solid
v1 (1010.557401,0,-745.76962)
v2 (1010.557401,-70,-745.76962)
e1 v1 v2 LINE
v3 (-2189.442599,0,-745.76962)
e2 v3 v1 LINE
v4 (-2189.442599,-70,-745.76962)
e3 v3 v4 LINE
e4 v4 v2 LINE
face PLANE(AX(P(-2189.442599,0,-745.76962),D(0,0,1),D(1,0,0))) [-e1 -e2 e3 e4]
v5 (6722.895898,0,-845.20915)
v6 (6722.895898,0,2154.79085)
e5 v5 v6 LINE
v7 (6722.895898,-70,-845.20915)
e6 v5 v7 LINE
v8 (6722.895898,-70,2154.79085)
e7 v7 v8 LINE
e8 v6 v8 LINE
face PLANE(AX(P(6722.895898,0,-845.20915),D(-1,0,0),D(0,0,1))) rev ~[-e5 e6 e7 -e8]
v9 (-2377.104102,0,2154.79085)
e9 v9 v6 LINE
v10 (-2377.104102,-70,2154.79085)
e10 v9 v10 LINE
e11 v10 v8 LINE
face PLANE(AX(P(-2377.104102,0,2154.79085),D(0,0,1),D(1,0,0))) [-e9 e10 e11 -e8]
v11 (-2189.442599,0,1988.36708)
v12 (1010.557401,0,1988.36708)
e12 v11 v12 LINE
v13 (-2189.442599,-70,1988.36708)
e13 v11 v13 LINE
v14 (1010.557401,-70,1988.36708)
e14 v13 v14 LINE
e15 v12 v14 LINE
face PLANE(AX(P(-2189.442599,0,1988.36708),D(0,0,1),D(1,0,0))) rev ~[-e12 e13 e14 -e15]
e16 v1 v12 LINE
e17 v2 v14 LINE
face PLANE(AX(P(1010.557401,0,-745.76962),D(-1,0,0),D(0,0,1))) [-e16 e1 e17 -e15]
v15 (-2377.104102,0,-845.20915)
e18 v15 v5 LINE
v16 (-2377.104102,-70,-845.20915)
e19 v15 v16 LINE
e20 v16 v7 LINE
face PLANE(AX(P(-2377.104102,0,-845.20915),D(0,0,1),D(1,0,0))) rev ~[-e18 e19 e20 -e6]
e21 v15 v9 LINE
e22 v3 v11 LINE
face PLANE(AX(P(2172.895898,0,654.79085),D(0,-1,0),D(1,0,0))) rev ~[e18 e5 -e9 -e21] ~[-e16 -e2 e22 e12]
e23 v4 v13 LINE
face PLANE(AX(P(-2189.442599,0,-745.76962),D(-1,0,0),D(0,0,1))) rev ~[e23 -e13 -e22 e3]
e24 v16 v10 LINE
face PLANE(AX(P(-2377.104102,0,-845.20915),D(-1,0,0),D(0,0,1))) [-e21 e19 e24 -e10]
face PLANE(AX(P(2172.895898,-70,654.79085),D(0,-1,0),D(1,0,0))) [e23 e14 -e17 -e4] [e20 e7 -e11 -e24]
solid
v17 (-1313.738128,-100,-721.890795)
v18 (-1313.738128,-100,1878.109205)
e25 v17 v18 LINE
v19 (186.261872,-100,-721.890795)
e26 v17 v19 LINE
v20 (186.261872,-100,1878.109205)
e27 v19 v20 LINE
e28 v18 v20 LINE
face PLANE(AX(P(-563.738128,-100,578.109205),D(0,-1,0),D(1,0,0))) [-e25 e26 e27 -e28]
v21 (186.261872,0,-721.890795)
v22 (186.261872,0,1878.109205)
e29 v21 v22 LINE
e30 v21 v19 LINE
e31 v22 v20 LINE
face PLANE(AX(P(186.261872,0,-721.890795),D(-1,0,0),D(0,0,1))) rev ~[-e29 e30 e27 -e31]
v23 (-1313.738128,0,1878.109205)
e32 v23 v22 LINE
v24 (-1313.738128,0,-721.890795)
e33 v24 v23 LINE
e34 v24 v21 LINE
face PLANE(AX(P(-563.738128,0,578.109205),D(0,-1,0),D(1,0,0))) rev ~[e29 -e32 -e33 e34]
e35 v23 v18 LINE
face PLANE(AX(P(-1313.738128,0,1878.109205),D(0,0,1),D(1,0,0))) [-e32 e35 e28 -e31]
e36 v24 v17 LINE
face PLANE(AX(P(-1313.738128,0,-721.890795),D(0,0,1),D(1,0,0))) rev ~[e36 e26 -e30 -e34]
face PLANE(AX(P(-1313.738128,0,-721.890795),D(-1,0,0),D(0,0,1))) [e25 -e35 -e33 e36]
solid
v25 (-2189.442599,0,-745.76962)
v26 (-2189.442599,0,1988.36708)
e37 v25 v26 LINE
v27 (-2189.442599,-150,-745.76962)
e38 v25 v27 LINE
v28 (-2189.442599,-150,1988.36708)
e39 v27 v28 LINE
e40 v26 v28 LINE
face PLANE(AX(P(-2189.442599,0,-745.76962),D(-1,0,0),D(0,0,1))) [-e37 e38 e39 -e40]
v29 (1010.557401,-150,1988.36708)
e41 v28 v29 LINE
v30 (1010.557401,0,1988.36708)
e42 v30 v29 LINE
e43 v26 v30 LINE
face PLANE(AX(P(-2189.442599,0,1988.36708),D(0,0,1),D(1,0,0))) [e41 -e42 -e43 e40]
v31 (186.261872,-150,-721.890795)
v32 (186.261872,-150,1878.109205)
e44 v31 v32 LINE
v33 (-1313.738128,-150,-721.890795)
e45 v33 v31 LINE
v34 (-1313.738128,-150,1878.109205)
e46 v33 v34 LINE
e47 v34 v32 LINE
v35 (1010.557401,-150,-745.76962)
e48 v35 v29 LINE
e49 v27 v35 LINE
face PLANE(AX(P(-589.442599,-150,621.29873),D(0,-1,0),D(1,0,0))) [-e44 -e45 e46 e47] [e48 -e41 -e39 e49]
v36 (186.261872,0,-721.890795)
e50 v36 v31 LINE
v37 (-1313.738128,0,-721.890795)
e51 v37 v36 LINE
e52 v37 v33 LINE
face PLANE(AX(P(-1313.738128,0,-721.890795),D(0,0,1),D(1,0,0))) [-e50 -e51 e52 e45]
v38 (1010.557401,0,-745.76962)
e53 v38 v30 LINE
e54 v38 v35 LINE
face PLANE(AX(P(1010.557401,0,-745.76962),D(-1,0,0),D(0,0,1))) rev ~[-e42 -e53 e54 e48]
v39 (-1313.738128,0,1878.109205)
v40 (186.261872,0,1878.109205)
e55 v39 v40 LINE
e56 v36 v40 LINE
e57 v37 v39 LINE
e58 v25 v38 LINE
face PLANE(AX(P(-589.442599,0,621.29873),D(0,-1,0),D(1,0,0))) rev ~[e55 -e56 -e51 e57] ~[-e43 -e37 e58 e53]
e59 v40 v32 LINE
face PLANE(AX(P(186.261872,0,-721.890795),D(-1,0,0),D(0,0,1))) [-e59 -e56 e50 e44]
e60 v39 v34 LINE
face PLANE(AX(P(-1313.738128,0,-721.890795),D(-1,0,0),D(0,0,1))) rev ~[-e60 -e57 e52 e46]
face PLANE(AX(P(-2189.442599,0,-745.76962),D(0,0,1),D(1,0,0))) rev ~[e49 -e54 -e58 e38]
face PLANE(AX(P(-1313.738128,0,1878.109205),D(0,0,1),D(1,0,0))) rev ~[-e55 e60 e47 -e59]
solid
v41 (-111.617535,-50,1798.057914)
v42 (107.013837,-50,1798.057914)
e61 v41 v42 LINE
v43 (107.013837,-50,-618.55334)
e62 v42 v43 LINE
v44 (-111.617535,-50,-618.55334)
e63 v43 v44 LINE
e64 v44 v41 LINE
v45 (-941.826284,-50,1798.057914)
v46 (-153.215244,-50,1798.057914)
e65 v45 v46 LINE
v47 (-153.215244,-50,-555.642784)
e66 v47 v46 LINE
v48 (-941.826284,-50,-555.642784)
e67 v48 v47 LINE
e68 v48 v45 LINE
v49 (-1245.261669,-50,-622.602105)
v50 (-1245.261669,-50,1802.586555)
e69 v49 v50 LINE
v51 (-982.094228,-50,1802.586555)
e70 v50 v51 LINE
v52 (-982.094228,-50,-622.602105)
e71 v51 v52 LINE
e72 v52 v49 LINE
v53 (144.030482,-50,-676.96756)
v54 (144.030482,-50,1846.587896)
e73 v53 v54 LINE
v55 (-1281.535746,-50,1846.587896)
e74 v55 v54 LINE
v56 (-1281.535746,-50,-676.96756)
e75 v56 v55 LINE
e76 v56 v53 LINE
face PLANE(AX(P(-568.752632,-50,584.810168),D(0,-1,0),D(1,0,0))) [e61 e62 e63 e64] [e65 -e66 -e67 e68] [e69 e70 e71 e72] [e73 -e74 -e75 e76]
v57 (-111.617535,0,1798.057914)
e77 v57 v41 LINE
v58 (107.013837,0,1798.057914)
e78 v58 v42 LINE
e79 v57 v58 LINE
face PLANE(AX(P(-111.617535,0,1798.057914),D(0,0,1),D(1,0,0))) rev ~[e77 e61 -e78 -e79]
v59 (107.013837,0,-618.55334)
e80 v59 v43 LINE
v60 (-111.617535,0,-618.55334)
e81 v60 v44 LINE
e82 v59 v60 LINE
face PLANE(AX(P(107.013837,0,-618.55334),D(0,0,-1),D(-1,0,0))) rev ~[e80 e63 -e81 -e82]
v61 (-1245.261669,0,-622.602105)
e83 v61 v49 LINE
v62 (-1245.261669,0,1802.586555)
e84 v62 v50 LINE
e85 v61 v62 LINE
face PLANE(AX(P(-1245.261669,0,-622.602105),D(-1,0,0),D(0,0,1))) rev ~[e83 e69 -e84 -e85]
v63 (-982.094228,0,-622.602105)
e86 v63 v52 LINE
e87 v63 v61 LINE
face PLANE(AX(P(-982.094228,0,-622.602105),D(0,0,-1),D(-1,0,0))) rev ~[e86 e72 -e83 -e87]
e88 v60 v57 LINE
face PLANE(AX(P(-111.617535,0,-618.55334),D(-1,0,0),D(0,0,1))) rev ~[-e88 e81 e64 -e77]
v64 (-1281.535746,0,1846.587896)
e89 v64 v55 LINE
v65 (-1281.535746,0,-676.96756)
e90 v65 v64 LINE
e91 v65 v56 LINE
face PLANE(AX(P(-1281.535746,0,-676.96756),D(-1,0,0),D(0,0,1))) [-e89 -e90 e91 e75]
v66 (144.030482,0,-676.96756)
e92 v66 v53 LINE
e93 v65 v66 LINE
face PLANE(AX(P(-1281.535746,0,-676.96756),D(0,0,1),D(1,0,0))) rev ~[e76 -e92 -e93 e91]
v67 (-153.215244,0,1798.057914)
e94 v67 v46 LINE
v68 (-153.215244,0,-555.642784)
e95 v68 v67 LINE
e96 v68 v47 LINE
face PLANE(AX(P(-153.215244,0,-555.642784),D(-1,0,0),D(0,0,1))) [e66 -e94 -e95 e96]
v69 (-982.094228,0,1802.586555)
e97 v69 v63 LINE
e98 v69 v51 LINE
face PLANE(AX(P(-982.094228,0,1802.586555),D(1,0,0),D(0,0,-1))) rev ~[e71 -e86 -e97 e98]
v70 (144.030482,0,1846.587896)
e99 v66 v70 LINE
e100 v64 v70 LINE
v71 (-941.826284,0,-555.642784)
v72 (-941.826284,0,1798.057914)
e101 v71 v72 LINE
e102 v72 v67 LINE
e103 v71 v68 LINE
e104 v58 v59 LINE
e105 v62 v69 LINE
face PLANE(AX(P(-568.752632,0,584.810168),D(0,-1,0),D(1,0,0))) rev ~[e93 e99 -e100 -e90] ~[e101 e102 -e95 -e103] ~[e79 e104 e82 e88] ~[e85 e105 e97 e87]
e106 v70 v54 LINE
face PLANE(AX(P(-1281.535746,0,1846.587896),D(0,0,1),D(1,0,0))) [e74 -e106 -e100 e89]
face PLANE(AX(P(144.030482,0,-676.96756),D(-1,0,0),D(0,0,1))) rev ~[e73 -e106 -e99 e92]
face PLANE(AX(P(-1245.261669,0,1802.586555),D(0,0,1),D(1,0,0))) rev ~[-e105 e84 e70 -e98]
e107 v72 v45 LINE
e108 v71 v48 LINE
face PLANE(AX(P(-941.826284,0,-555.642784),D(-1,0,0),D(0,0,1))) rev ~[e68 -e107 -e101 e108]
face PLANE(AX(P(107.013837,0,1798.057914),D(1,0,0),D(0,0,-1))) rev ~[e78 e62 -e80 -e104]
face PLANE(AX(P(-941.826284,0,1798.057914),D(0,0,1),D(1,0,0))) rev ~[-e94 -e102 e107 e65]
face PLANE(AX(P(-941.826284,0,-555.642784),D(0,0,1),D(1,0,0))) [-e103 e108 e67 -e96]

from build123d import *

# Parameters (mm, degrees)
F0_W     = 9100
F0_H     = 3000
F0_W_2   = 3200
F0_H_2   = 2734.136701
F1_DEPTH = 70
F0_W_3   = 1500
F0_H_3   = 2600
F2_DEPTH = 150
F3_DEPTH = 100
F4_W     = 1425.566227
F4_H     = 2523.555457
F4_W_2   = 788.61104
F4_H_2   = 2353.700698
F5_DEPTH = 50


with BuildPart() as f1:
    # F0 (on Front) → F1 (new body)
    with BuildSketch(Plane.XZ):
        with Locations((2172.895898, 654.79085)):
            Rectangle(F0_W, F0_H)
        with Locations((-589.442599, 621.29873)):
            Rectangle(F0_W_2, F0_H_2, mode=Mode.SUBTRACT)
    extrude(amount=F1_DEPTH)


with BuildPart() as f2:
    # F0 (on Front) → F2 (new body)
    with BuildSketch(Plane.XZ):
        with Locations((-589.442599, 621.29873)):
            Rectangle(F0_W_2, F0_H_2)
        with Locations((-563.738128, 578.109205)):
            Rectangle(F0_W_3, F0_H_3, mode=Mode.SUBTRACT)
    extrude(amount=F2_DEPTH)


with BuildPart() as f3:
    # F0 (on Front) → F3 (new body)
    with BuildSketch(Plane.XZ):
        with Locations((-563.738128, 578.109205)):
            Rectangle(F0_W_3, F0_H_3)
    extrude(amount=F3_DEPTH)


with BuildPart() as f5:
    # F4 (on Front) → F5 (new body)
    with BuildSketch(Plane.XZ):
        with Locations((-568.752632, 584.810168)):
            Rectangle(F4_W, F4_H)
        Polygon((-1245.261669, 806.599259), (-1245.261669, 1802.586555), (-982.094228, 1802.586555), (-982.094228, 806.599259), (-982.094228, 478.652209), (-982.094228, -622.602105), (-1245.261669, -622.602105), (-1245.261669, 478.652209), align=None, mode=Mode.SUBTRACT)
        with Locations((-547.520764, 621.207565)):
            Rectangle(F4_W_2, F4_H_2, mode=Mode.SUBTRACT)
        Polygon((-111.617535, 1798.057914), (107.013837, 1798.057914), (107.013837, 851.135254), (107.013837, 470.554739), (107.013837, -618.55334), (-111.617535, -618.55334), (-111.617535, 470.554739), (-111.617535, 851.135254), align=None, mode=Mode.SUBTRACT)
    extrude(amount=F5_DEPTH)


solid = Compound([f1.part, f2.part, f3.part, f5.part])
